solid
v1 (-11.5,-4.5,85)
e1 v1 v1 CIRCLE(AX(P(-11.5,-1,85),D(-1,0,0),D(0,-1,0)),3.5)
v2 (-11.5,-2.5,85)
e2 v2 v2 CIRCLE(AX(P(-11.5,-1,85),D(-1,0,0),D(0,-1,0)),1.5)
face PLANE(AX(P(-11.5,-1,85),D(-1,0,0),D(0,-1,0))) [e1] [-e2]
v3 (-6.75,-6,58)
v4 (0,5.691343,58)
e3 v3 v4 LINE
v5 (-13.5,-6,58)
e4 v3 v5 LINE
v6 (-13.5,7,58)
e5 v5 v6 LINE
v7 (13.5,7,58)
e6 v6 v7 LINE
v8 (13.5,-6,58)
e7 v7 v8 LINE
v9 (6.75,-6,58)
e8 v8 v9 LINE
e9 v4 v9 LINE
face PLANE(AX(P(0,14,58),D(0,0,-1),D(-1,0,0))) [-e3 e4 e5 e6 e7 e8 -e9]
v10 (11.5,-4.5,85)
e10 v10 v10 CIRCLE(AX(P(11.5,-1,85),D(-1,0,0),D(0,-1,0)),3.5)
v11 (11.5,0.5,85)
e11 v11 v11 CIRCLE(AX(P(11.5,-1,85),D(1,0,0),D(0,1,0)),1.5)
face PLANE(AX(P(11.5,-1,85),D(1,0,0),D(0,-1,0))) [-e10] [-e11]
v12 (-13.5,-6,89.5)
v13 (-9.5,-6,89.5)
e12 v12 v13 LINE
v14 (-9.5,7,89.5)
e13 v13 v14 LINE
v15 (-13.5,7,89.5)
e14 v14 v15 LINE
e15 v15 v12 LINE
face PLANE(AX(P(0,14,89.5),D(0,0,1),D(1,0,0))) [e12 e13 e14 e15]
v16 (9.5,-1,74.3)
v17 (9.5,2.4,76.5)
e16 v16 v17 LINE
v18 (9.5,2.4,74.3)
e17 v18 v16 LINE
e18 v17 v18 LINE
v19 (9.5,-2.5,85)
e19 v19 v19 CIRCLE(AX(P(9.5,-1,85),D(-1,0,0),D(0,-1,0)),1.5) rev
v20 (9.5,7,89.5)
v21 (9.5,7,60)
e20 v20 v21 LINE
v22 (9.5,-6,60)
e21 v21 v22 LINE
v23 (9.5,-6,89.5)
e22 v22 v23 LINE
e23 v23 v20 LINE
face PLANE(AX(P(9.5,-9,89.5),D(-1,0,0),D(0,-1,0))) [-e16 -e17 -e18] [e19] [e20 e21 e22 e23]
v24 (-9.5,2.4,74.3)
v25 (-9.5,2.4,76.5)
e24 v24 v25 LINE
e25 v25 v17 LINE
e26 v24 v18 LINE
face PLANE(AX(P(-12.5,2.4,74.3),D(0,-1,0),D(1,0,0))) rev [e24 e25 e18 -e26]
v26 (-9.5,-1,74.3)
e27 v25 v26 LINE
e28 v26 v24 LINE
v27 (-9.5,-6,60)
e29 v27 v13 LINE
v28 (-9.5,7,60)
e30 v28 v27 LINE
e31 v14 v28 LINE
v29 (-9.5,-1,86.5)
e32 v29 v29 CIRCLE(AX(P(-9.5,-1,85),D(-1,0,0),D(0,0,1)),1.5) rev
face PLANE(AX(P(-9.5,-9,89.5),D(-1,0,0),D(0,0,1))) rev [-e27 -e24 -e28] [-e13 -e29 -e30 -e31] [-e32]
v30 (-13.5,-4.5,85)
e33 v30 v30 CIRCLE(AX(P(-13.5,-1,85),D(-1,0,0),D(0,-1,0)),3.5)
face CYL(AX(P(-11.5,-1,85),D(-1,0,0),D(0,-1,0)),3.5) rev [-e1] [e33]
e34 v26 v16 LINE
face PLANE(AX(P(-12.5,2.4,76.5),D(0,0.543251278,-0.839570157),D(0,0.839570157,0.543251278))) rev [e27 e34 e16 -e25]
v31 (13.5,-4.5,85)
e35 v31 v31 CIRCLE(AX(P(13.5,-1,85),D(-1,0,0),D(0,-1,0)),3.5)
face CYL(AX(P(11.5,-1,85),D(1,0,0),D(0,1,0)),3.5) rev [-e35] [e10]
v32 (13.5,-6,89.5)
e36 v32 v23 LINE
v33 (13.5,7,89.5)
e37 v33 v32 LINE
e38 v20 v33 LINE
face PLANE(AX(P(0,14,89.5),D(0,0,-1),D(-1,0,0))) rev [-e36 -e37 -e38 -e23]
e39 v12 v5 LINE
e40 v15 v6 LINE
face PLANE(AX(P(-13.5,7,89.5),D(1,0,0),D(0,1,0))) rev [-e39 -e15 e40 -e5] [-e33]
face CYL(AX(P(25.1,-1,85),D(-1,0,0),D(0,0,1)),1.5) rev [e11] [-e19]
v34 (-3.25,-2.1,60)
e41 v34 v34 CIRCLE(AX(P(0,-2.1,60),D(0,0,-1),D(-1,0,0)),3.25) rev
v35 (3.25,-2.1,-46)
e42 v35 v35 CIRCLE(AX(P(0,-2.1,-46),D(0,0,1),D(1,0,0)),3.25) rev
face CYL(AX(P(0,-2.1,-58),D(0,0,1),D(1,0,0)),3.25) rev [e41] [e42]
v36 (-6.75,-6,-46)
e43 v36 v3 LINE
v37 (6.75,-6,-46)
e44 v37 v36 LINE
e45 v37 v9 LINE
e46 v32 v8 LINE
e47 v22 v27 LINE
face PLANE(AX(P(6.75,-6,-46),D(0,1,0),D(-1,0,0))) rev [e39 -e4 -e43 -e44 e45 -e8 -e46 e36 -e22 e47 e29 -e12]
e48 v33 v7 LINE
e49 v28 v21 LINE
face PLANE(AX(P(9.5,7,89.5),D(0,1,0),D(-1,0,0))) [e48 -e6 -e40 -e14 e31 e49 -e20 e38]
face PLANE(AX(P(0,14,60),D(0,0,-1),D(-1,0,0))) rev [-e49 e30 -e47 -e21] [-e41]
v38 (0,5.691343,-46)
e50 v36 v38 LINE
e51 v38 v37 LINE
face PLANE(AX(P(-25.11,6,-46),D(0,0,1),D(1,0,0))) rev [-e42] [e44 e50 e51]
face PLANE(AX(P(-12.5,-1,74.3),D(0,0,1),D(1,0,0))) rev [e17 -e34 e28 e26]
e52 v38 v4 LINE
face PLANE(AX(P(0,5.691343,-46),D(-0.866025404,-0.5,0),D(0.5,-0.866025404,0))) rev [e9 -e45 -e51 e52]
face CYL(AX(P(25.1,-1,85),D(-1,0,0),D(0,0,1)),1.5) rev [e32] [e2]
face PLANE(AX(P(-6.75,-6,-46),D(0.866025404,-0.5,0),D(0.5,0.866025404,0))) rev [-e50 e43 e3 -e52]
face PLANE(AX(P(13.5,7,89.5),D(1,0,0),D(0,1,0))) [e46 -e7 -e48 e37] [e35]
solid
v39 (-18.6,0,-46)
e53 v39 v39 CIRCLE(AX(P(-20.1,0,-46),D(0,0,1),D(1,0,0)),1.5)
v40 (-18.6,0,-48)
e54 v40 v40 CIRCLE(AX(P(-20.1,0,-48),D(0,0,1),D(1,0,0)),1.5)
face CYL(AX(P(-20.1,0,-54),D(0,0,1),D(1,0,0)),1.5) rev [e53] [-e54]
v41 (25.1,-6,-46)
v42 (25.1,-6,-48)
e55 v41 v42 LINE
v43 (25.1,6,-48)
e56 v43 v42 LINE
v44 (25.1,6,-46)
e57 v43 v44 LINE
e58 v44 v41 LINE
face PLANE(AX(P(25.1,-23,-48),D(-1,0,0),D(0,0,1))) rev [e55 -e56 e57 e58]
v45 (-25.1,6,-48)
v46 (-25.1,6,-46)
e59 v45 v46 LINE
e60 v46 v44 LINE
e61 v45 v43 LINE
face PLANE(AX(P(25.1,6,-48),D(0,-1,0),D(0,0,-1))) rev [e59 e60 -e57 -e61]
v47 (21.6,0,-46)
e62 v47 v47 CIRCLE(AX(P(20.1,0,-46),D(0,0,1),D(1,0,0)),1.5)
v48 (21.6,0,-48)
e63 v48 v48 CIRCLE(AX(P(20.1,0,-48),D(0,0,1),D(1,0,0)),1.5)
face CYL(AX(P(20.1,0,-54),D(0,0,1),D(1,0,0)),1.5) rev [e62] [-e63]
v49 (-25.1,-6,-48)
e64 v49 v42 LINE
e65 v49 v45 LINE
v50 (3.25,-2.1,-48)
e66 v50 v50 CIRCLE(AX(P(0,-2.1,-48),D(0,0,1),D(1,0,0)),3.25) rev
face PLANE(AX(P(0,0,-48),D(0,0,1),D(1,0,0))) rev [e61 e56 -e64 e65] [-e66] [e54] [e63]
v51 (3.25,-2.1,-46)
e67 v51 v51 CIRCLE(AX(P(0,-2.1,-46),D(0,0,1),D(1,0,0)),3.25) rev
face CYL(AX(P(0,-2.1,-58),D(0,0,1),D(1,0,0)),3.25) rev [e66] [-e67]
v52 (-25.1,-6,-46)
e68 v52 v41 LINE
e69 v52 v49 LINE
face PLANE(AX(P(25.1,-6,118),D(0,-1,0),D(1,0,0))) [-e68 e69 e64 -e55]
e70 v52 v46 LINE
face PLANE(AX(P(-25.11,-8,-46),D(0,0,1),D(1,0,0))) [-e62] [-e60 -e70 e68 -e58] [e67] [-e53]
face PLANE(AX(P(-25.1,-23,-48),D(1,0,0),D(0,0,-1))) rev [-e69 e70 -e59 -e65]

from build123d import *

# Parameters (mm, degrees)
SKETCH_1_W                     = 50.2
SKETCH_1_H                     = 22
EXTRUDE_1_DEPTH                = 2.5
SKETCH_2_R                     = 1.5
CUT_EXTRUDE_1_DEPTH            = 2.5
SKETCH_4_W                     = 4
SKETCH_4_H                     = 16
EXTRUDE_2_DEPTH                = 87
EXTRUDE_3_REACH                = 100.673
SKETCH_5_R                     = 2
CUT_EXTRUDE_2_DEPTH            = 99.673248654
CUT_EXTRUDE_2_DEPTH_BACK       = 99.673248654
SKETCH_6_R                     = 1.5
SKETCH_7_R                     = 3.5
CUT_EXTRUDE_3_DEPTH            = 2
FILLET_1_R                     = 2
SKETCH_8_W                     = 50.2
SKETCH_8_H                     = 2.5
EXTRUDE_4_DEPTH                = 3
EXTRUDE_8_DEPTH                = 22
SKETCH_16_W                    = 51.125372974
SKETCH_16_H                    = 33.398780813
CUT_EXTRUDE_4_DEPTH            = 60
SKETCH_17_W                    = 27
SKETCH_17_H                    = 16
EXTRUDE_9_DEPTH                = 2
EXTRUDE_11_DEPTH               = 104
SKETCH_19_W                    = 50.2
SKETCH_19_H                    = 29
EXTRUDE_12_DEPTH               = 2
SKETCH_20_R                    = 1.5
CUT_EXTRUDE_5_DEPTH            = 8
SPLIT_BODIES_1_SURFACE_1_BACK  = 150.222
SPLIT_BODIES_1_SURFACE_1_DEPTH = 300.444
SPLIT_BODIES_1_SURFACE_2_BACK  = 150.222
SPLIT_BODIES_1_SURFACE_2_DEPTH = 300.444
CUT_EXTRUDE_7_DEPTH            = 164
CUT_EXTRUDE_7_DEPTH_BACK       = 164
SKETCH_21_W                    = 50.2
SKETCH_21_H                    = 17
CUT_EXTRUDE_9_DEPTH            = 10
CUT_EXTRUDE_9_DEPTH_BACK       = 110
SKETCH_26_R                    = 3.25


with BuildPart() as part:
    # 草图1 → 凸台-拉伸1 (new body)
    with BuildSketch(Plane.XY):
        with Locations((0, -5)):
            Rectangle(SKETCH_1_W, SKETCH_1_H)
    extrude(amount=EXTRUDE_1_DEPTH)

    # 草图2 → 切除-拉伸1 (cut)
    with BuildSketch(Plane.XY.offset(2.5)):
        with Locations((-20.1, 0)):
            Circle(SKETCH_2_R)
        with Locations(Location((20.1, 0, 0), (0, 0, 180))):
            Circle(SKETCH_2_R)
    extrude(amount=-CUT_EXTRUDE_1_DEPTH, mode=Mode.SUBTRACT)

    # 草图4 → 凸台-拉伸2 (add)
    with BuildSketch(Plane.XY.offset(2.5)):
        with Locations((-11.5, -15)):
            Rectangle(SKETCH_4_W, SKETCH_4_H)
        with Locations((11.5, -15)):
            Rectangle(SKETCH_4_W, SKETCH_4_H)
    extrude(amount=EXTRUDE_2_DEPTH)

    # 草图5 → 凸台-拉伸3 (add, up to next)
    with BuildSketch(Plane.ZY.offset(-9.5), mode=Mode.PRIVATE) as extrude_3_sk1:
        with Locations((46, -15)):
            Circle(SKETCH_5_R)
    extrude_3_tool1 = extrude(extrude_3_sk1.sketch, amount=EXTRUDE_3_REACH, mode=Mode.PRIVATE) - part.part
    add(extrude_3_tool1.solids().sort_by_distance((9.5, -15, 46))[0])

    # 草图6 → 切除-拉伸2 (cut, two sides: drawn at the far end of the back side and taken through both)
    with BuildSketch(Plane(origin=(-9.5, 0, 0), x_dir=(0, 0, -1), z_dir=(1, 0, 0)).offset(-CUT_EXTRUDE_2_DEPTH_BACK)):
        with Locations(Location((-85, -15, 0), (0, 0, 270))):
            Circle(SKETCH_6_R)
    extrude(amount=CUT_EXTRUDE_2_DEPTH + CUT_EXTRUDE_2_DEPTH_BACK, mode=Mode.SUBTRACT)

    # 草图7 → 切除-拉伸3 (cut)
    with BuildSketch(Plane.ZY.offset(13.5)):
        with Locations(Location((85, -15, 0), (0, 0, 270))):
            Circle(SKETCH_7_R)
    cut_extrude_3 = extrude(amount=-CUT_EXTRUDE_3_DEPTH, mode=Mode.SUBTRACT)

    # 镜向1: 切除-拉伸3 across plane
    add(cut_extrude_3.mirror(Plane(origin=(0, 0, 0), x_dir=(0, 0, 1), z_dir=(1, 0, 0))), mode=Mode.SUBTRACT)

    # 圆角1
    fillet_1_edges = [part.edges().sort_by_distance(p)[0] for p in [
        (-11.5, -16, 2.5),
        (11.5, -16, 2.5),
    ]]
    fillet(fillet_1_edges, radius=FILLET_1_R)

    # 草图8 → 凸台-拉伸4 (add)
    with BuildSketch(Plane(origin=(0, 6, 0), x_dir=(1, 0, 0), z_dir=(0, 1, 0))):
        with Locations((0, -1.25)):
            Rectangle(SKETCH_8_W, SKETCH_8_H)
    extrude(amount=EXTRUDE_4_DEPTH)

    # 草图15 → 凸台-拉伸8 (add)
    with BuildSketch(Plane.ZY.offset(-9.5)):
        Polygon((74.3, -11.6), (76.5, -11.6), (74.3, -15), align=None)
    extrude(amount=EXTRUDE_8_DEPTH)

    # 草图16 → 切除-拉伸4 (cut)
    with BuildSketch(Plane(origin=(0, 0, 0), x_dir=(-1, 0, 0), z_dir=(0, 0, -1))):
        with Locations((0.462686487, -7.699390407)):
            Rectangle(SKETCH_16_W, SKETCH_16_H)
    extrude(amount=-CUT_EXTRUDE_4_DEPTH, mode=Mode.SUBTRACT)

    # 草图17 → 凸台-拉伸9 (add)
    with BuildSketch(Plane(origin=(0, 0, 60), x_dir=(-1, 0, 0), z_dir=(0, 0, -1))):
        with Locations((0, -15)):
            Rectangle(SKETCH_17_W, SKETCH_17_H)
    extrude(amount=EXTRUDE_9_DEPTH)

    # 草图18 → 凸台-拉伸11 (add)
    with BuildSketch(Plane(origin=(0, 0, 58), x_dir=(-1, 0, 0), z_dir=(0, 0, -1))):
        Polygon((0, -8.308657049), (-6.75, -20), (6.75, -20), align=None)
    extrude(amount=EXTRUDE_11_DEPTH)

    # 草图19 → 凸台-拉伸12 (add)
    with BuildSketch(Plane(origin=(0, 0, -46), x_dir=(-1, 0, 0), z_dir=(0, 0, -1))):
        with Locations((0, -8.5)):
            Rectangle(SKETCH_19_W, SKETCH_19_H)
    extrude(amount=EXTRUDE_12_DEPTH)

    # 草图20 → 切除-拉伸5 (cut)
    with BuildSketch(Plane.XY.offset(-46)):
        with Locations((-20.1, 0)):
            Circle(SKETCH_20_R)
        with Locations((20.1, 0)):
            Circle(SKETCH_20_R)
    extrude(amount=-CUT_EXTRUDE_5_DEPTH, mode=Mode.SUBTRACT)


with BuildPart() as body_2:
    # Split Bodies 1: the piece behind the surface
    add(part.part)
    # Split Bodies 1 surface: a surface, the sketch's curves swept straight by 300.444 mm
    with BuildLine(Plane(origin=(25.1, 0, 0), x_dir=(0, 0, -1), z_dir=(1, 0, 0)).offset(-SPLIT_BODIES_1_SURFACE_1_BACK), mode=Mode.PRIVATE) as split_bodies_1_surface_1_path:
        Line((46, -8), (46, -23))
    split_bodies_1_surface_1 = Shell.extrude(split_bodies_1_surface_1_path.wire(), (1 * SPLIT_BODIES_1_SURFACE_1_DEPTH, 0 * SPLIT_BODIES_1_SURFACE_1_DEPTH, 0 * SPLIT_BODIES_1_SURFACE_1_DEPTH))
    split(bisect_by=split_bodies_1_surface_1, keep=Keep.BOTTOM)


with BuildPart() as part_1:
    add(part.part)

    # Split Bodies 1: split by a surface, the side it looks to stays
    # Split Bodies 1 surface: a surface, the sketch's curves swept straight by 300.444 mm
    with BuildLine(Plane(origin=(25.1, 0, 0), x_dir=(0, 0, -1), z_dir=(1, 0, 0)).offset(-SPLIT_BODIES_1_SURFACE_2_BACK), mode=Mode.PRIVATE) as split_bodies_1_surface_2_path:
        Line((46, -8), (46, -23))
    split_bodies_1_surface_2 = Shell.extrude(split_bodies_1_surface_2_path.wire(), (1 * SPLIT_BODIES_1_SURFACE_2_DEPTH, 0 * SPLIT_BODIES_1_SURFACE_2_DEPTH, 0 * SPLIT_BODIES_1_SURFACE_2_DEPTH))
    split(bisect_by=split_bodies_1_surface_2, keep=Keep.TOP)


with BuildPart() as body_3:
    # Move Body 1: copy of body 2
    add(body_2.part.moved(Location((0, 14, 0))))


with BuildPart() as cut_extrude_7_tool:
    # 草图21 → 切除-拉伸7 (new, two sides: drawn at the far end of the back side and taken through both)
    with BuildSketch(Plane.XY.offset(-46).offset(-CUT_EXTRUDE_7_DEPTH_BACK)):
        with Locations((0, -14.5)):
            Rectangle(SKETCH_21_W, SKETCH_21_H)
    extrude(amount=CUT_EXTRUDE_7_DEPTH + CUT_EXTRUDE_7_DEPTH_BACK)


with BuildPart() as part_2:
    add(part_1.part)

    # 切除-拉伸7: cut by cut_extrude_7_tool
    add(cut_extrude_7_tool.part, mode=Mode.SUBTRACT)


with BuildPart() as body_2_1:
    add(body_2.part)

    # 切除-拉伸7: cut by cut_extrude_7_tool
    add(cut_extrude_7_tool.part, mode=Mode.SUBTRACT)


with BuildPart() as body_3_1:
    add(body_3.part)

    # 切除-拉伸7: cut by cut_extrude_7_tool
    add(cut_extrude_7_tool.part, mode=Mode.SUBTRACT)


with BuildPart() as cut_extrude_9_tool:
    # 草图26 → 切除-拉伸9 (new, two sides: drawn at the far end of the back side and taken through both)
    with BuildSketch(Plane(origin=(0, 0, -48), x_dir=(-1, 0, 0), z_dir=(0, 0, -1)).offset(-CUT_EXTRUDE_9_DEPTH_BACK)):
        with Locations(Location((0, -2.1, 0), (0, 0, 180))):
            Circle(SKETCH_26_R)
    extrude(amount=CUT_EXTRUDE_9_DEPTH + CUT_EXTRUDE_9_DEPTH_BACK)


with BuildPart() as part_3:
    add(part_2.part)

    # 切除-拉伸9: cut by cut_extrude_9_tool
    add(cut_extrude_9_tool.part, mode=Mode.SUBTRACT)


with BuildPart() as body_3_2:
    add(body_3_1.part)

    # 切除-拉伸9: cut by cut_extrude_9_tool
    add(cut_extrude_9_tool.part, mode=Mode.SUBTRACT)


solid = Compound([part_3.part, body_3_2.part])
